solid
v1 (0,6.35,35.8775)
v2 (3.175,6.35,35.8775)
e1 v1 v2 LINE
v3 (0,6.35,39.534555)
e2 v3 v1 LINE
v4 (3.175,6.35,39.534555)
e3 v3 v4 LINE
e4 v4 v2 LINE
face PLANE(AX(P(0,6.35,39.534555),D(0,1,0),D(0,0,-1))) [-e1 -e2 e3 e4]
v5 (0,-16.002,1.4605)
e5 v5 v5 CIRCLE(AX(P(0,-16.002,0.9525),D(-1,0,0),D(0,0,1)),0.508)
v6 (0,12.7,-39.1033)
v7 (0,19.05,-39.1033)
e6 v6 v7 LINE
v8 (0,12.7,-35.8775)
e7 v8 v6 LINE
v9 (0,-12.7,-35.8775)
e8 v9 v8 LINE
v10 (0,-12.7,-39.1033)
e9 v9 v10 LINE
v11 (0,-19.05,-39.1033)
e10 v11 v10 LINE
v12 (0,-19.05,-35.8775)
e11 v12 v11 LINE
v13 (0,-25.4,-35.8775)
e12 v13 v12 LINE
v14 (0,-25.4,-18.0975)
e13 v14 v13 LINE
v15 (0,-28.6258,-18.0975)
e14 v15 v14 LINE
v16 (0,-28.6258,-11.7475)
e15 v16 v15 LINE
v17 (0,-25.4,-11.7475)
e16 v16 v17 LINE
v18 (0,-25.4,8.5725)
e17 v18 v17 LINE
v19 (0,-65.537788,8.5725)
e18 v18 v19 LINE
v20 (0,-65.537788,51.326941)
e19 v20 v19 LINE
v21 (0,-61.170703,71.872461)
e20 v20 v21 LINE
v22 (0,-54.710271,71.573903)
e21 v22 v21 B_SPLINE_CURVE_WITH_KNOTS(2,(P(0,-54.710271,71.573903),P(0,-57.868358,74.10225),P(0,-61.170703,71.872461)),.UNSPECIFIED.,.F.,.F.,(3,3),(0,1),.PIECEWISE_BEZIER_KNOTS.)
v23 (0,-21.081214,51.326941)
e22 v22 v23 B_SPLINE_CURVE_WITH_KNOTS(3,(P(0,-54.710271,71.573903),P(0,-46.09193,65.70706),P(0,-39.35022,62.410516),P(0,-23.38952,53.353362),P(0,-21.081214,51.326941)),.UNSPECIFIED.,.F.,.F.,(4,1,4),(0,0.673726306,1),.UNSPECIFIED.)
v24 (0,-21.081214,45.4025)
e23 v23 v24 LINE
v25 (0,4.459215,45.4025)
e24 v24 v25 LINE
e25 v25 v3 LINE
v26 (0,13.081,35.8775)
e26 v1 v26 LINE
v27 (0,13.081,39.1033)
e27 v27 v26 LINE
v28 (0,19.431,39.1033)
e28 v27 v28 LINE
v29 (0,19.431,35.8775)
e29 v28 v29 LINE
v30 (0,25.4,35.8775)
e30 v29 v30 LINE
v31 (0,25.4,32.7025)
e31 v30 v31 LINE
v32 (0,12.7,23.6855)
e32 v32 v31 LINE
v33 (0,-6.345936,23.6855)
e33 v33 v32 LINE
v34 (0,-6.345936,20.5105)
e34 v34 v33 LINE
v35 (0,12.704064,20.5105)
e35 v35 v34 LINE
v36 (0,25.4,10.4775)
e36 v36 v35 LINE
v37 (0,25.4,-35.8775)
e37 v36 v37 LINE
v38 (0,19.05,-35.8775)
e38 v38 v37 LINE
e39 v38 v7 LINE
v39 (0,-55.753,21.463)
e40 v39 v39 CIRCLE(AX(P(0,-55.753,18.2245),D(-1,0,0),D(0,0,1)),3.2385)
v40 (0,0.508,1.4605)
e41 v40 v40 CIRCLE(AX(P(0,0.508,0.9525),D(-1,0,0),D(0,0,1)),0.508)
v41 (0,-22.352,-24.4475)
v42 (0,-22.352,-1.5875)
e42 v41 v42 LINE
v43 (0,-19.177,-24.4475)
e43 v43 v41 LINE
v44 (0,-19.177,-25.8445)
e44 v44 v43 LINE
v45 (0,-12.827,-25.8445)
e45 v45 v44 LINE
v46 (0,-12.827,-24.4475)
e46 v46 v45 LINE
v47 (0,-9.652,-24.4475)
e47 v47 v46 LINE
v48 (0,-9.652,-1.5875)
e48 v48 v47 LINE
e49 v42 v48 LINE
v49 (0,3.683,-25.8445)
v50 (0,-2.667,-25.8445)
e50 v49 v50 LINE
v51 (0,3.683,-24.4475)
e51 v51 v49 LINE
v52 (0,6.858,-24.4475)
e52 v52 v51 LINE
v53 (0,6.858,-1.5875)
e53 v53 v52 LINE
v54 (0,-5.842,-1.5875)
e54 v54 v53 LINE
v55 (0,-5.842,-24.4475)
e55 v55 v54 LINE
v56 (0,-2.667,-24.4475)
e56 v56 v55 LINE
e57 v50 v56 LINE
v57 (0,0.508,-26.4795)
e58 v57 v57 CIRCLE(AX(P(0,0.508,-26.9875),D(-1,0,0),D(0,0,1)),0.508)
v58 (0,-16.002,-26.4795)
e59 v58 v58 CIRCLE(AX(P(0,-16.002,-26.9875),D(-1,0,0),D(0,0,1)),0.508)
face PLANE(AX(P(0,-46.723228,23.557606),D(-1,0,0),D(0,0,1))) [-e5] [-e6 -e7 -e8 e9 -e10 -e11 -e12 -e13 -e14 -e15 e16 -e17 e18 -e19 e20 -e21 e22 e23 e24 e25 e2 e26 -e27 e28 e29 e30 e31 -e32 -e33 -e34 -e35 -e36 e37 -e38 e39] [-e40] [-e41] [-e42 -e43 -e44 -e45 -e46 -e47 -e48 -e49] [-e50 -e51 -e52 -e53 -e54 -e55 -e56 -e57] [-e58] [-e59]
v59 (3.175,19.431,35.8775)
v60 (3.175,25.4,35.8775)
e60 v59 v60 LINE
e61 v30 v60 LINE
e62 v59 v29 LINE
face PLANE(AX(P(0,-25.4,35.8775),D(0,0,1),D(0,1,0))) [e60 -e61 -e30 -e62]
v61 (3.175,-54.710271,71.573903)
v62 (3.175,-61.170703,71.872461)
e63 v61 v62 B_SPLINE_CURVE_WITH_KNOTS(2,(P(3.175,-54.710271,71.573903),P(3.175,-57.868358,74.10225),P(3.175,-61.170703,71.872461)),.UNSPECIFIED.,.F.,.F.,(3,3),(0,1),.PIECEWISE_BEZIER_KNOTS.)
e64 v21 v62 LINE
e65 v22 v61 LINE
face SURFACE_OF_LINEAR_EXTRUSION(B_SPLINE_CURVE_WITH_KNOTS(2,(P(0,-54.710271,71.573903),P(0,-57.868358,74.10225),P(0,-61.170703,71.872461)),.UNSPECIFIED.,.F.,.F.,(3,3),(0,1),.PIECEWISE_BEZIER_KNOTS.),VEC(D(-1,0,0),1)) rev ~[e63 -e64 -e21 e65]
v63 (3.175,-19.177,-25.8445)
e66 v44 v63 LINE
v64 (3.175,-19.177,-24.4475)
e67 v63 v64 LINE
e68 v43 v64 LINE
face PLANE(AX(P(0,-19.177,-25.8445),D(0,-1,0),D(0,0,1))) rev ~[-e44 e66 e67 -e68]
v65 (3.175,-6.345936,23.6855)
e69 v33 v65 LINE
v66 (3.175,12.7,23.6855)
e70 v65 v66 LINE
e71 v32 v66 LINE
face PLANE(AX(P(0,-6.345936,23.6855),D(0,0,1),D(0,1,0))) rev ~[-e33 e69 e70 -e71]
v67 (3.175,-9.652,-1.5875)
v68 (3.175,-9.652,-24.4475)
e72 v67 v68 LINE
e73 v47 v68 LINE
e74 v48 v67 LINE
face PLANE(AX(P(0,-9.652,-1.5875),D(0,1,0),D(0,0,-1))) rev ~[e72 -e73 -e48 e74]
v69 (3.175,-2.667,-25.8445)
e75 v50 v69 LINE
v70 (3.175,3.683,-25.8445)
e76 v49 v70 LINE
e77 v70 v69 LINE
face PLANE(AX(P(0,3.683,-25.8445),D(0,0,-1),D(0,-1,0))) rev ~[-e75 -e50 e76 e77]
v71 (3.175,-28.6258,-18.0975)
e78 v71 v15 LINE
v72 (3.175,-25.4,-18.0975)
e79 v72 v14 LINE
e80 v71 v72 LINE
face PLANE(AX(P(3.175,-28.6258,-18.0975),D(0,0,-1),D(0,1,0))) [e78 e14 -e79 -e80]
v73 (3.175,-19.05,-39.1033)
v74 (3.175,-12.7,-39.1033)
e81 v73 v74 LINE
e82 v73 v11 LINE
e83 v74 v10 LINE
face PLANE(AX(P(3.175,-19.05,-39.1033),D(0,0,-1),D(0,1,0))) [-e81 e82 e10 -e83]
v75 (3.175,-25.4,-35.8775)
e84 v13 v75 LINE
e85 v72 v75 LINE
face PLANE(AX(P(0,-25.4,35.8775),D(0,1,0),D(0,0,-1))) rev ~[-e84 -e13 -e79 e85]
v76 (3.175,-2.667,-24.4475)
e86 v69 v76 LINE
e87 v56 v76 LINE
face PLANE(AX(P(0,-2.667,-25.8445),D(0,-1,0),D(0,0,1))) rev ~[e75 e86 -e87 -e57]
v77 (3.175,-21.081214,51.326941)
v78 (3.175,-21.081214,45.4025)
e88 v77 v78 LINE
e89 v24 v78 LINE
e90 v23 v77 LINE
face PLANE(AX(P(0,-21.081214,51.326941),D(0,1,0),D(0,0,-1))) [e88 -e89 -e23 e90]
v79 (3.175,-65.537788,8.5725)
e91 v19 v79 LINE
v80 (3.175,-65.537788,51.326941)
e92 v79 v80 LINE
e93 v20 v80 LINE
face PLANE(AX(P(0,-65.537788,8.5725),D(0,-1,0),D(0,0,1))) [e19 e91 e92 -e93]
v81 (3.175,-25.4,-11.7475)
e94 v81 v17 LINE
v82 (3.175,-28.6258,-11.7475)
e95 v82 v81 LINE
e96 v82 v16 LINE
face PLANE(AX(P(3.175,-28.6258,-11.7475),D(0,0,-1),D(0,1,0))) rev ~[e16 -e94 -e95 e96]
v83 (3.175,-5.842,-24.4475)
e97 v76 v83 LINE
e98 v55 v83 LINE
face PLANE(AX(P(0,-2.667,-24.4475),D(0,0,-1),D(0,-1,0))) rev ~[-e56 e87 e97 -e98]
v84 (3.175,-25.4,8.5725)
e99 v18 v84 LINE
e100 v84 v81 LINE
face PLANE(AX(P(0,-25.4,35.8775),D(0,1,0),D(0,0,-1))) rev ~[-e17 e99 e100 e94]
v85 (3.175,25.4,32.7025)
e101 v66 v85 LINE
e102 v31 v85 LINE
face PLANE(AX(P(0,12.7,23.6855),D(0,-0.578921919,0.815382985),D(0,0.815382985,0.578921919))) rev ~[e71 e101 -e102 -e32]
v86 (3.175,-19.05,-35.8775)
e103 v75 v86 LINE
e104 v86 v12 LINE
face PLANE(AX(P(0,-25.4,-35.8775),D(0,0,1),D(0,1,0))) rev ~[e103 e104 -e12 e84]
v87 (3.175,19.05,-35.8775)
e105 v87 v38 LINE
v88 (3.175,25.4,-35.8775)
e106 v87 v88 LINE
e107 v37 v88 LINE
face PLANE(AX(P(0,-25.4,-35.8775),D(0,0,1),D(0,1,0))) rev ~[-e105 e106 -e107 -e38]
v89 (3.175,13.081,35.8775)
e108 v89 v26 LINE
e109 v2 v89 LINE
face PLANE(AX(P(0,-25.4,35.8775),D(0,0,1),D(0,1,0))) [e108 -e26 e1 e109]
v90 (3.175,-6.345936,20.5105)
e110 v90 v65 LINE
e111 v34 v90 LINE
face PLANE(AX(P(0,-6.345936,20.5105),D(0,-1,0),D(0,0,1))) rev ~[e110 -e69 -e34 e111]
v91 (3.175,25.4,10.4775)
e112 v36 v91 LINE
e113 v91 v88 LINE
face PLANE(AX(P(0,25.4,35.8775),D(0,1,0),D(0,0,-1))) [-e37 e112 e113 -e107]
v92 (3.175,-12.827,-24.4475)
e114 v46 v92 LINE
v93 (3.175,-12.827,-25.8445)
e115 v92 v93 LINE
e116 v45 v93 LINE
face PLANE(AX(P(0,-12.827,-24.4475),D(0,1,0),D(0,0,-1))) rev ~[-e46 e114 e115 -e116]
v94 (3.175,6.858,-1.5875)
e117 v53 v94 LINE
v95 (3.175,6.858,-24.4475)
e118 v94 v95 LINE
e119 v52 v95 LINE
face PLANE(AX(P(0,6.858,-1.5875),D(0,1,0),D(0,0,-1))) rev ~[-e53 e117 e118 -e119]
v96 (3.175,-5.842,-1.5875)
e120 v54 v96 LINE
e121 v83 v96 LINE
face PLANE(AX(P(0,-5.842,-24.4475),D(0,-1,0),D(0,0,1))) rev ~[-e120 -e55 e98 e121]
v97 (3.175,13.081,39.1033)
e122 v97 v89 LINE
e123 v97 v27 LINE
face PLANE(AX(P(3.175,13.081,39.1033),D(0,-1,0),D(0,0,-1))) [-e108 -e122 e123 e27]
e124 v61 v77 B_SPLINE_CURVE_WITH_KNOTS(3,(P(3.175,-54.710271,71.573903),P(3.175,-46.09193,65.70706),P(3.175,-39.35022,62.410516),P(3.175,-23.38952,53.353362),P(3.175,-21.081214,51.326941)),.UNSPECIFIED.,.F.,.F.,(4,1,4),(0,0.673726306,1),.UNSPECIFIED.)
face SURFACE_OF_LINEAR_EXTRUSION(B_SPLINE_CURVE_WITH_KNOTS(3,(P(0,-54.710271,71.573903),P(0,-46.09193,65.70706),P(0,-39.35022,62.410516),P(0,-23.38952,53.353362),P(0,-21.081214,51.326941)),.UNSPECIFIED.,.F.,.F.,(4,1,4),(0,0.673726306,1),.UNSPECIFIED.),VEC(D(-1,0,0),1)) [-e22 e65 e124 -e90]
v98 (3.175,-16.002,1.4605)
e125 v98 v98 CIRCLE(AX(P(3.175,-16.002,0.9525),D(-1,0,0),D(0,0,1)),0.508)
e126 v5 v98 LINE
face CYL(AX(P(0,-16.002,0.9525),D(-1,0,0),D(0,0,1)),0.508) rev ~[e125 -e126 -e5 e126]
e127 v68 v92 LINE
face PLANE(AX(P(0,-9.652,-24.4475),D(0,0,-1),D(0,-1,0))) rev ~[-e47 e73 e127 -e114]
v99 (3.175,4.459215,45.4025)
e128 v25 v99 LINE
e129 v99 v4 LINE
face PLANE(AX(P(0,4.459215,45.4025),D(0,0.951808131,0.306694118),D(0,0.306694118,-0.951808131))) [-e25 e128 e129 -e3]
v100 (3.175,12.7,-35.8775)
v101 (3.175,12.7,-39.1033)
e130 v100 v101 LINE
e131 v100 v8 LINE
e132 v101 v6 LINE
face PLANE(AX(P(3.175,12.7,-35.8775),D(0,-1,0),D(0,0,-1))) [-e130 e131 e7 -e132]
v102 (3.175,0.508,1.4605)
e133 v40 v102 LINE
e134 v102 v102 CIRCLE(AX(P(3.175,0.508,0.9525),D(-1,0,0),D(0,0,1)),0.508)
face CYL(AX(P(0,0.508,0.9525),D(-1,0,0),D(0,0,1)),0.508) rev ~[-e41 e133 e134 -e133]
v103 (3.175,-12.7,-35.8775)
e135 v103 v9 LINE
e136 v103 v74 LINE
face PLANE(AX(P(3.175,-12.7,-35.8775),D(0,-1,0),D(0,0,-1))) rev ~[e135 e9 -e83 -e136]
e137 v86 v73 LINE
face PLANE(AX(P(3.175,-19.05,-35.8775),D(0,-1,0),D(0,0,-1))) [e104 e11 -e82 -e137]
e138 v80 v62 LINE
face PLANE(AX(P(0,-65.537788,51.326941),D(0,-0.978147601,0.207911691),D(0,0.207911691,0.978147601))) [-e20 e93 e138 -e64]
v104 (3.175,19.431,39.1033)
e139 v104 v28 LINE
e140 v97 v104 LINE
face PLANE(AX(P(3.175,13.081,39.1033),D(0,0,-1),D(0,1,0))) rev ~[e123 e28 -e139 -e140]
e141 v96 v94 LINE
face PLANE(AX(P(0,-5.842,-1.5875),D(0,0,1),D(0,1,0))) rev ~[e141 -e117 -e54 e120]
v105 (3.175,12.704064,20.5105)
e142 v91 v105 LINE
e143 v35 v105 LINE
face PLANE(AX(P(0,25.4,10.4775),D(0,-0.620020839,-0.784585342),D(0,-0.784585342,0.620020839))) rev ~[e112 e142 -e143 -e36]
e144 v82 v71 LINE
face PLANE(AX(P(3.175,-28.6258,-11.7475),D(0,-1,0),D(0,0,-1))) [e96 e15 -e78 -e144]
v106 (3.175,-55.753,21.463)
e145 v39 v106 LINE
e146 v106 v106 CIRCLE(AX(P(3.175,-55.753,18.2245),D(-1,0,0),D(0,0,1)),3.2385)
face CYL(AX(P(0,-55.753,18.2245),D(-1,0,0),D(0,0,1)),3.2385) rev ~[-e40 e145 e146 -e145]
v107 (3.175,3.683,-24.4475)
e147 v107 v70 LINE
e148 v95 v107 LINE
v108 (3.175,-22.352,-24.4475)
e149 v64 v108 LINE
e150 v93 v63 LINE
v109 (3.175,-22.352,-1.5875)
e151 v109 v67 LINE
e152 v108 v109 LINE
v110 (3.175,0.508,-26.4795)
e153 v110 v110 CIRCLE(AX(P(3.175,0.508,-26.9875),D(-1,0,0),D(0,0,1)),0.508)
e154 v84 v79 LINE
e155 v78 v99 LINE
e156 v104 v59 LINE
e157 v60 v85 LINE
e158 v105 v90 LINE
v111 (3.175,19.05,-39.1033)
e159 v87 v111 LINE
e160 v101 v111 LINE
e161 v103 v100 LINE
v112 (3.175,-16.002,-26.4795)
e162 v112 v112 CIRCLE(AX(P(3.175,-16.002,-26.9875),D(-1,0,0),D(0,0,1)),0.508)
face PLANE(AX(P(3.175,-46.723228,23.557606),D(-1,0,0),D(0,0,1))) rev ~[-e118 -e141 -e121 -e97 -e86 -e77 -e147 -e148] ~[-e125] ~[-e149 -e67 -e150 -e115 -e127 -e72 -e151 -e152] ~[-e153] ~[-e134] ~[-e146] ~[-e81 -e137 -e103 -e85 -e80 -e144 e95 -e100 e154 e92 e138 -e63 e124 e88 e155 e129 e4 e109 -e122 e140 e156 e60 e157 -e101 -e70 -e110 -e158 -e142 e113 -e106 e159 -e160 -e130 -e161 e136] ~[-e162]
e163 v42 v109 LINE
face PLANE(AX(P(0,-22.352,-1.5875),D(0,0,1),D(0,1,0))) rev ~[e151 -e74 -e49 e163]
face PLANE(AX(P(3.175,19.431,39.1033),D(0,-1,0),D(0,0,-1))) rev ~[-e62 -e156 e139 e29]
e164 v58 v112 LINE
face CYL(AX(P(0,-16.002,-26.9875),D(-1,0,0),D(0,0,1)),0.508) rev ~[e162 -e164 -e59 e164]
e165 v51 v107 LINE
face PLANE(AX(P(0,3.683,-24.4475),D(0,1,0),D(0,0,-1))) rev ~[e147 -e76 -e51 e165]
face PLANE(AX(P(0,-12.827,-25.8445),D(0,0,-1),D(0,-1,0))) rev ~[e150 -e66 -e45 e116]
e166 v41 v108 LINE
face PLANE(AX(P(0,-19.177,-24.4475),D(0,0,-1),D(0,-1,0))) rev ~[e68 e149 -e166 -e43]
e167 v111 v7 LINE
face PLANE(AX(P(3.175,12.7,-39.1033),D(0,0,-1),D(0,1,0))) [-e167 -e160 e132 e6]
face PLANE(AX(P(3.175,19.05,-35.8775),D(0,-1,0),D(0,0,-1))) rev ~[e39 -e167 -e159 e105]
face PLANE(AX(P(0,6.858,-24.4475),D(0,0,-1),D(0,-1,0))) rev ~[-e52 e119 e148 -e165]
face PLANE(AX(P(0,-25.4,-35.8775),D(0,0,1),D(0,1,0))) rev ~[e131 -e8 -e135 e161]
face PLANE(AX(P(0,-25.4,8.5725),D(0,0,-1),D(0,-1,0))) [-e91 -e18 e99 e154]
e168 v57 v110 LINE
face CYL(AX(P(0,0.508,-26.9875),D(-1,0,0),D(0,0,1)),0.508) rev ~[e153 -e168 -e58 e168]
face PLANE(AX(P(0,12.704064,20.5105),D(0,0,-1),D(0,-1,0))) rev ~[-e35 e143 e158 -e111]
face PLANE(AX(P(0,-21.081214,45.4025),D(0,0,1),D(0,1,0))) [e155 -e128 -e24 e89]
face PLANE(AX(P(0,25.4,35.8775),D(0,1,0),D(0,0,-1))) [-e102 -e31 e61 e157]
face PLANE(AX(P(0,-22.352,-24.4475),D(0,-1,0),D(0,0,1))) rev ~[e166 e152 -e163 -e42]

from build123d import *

# Parameters (mm, degrees)
SKETCH1_W                = 71.755
SKETCH1_H                = 50.8
MAIN_BODY_DEPTH          = 3.175
SKETCH2_W                = 3.2258
SKETCH2_H                = 6.35
SKETCH2_W_2              = 6.35
SKETCH2_H_2              = 3.2258
TABS_DEPTH               = 3.175
NOSE_SECTION_DEPTH       = 3.175
SKETCH8_R                = 0.508
CUT_FOR_MOTORS_DEPTH     = 4.1750001
SLOT_FOR_FIREWALL_DEPTH  = 4.1750001
EXTENSION_FOR_AXLE_DEPTH = 3.175
SKETCH11_R               = 3.2385
CUT_FOR_AXLE_DEPTH       = 4.1750001


with BuildPart() as part:
    # Sketch1 → main body (new body)
    with BuildSketch(Plane(origin=(0, 0, 0), x_dir=(0, 0, -1), z_dir=(1, 0, 0))):
        Rectangle(SKETCH1_W, SKETCH1_H)
    extrude(amount=MAIN_BODY_DEPTH)

    # Sketch2 → tabs (add)
    with BuildSketch(Plane(origin=(3.175, 0, 0), x_dir=(0, 0, -1), z_dir=(1, 0, 0))):
        with Locations((-37.4904, 16.256)):
            Rectangle(SKETCH2_W, SKETCH2_H)
        with Locations((37.4904, 15.875)):
            Rectangle(SKETCH2_W, SKETCH2_H)
        with Locations((37.4904, -15.875)):
            Rectangle(SKETCH2_W, SKETCH2_H)
        with Locations((14.9225, -27.0129)):
            Rectangle(SKETCH2_W_2, SKETCH2_H_2)
    extrude(amount=-TABS_DEPTH)

    # Sketch3 → nose section (add)
    with BuildSketch(Plane.ZY):
        with BuildLine():
            Line((51.326941337, -21.081213956), (45.4025, -21.081213956))
            Line((45.4025, -21.081213956), (45.4025, 4.459215194))
            Line((45.4025, 4.459215194), (39.534554548, 6.35))
            Line((39.534554548, 6.35), (35.8775, 6.35))
            Line((35.8775, 6.35), (35.8775, -25.4))
            Line((35.8775, -25.4), (35.8775, -57.323174337))
            Line((35.8775, -57.323174337), (42.8625, -65.53778801))
            Line((42.8625, -65.53778801), (51.326941337, -65.53778801))
            Line((51.326941337, -65.53778801), (71.872461292, -61.17070293))
            add(Edge.make_bspline(
                [(71.573902629, -54.710271069), (74.102249919, -57.868358167), (71.872461292, -61.17070293)],
                knots=[0, 0, 0, 1, 1, 1], degree=2))
            add(Edge.make_bspline(
                [(71.573902629, -54.710271069), (65.707060229, -46.091929926), (62.410515677, -39.350220463), (53.353361757, -23.389519751), (51.326941337, -21.081213956)],
                knots=[0, 0, 0, 0, 0.673726306, 1, 1, 1, 1], degree=3))
        make_face()
    extrude(amount=-NOSE_SECTION_DEPTH)

    # Sketch8 → cut for motors (cut, through all)
    with BuildSketch(Plane.ZY):
        with Locations((-26.9875, 0.508)):
            Circle(SKETCH8_R)
        with Locations((0.9525, 0.508)):
            Circle(SKETCH8_R)
        with Locations((-26.9875, -16.002)):
            Circle(SKETCH8_R)
        with Locations((0.9525, -16.002)):
            Circle(SKETCH8_R)
        Polygon((-1.5875, -5.842), (-1.5875, 6.858), (-24.4475, 6.858), (-24.4475, 3.683), (-25.8445, 3.683), (-25.8445, -2.667), (-24.4475, -2.667), (-24.4475, -5.842), align=None)
        Polygon((-1.5875, -22.352), (-1.5875, -9.652), (-24.4475, -9.652), (-24.4475, -12.827), (-25.8445, -12.827), (-25.8445, -19.177), (-24.4475, -19.177), (-24.4475, -22.352), align=None)
    extrude(amount=-CUT_FOR_MOTORS_DEPTH, mode=Mode.SUBTRACT)

    # Sketch9 → slot for firewall (cut, through all)
    with BuildSketch(Plane.ZY):
        Polygon((20.5105, -6.34593574), (23.6855, -6.34593574), (23.6855, 12.7), (32.7025, 25.4), (23.1775, 25.4), (20.0025, 25.4), (10.4775, 25.4), (20.5105, 12.70406426), align=None)
    extrude(amount=-SLOT_FOR_FIREWALL_DEPTH, mode=Mode.SUBTRACT)

    # Sketch10 → extension for axle (add)
    with BuildSketch(Plane.ZY):
        Polygon((35.8775, -57.323174337), (35.8775, -25.4), (8.5725, -25.4), (8.5725, -65.53778801), (42.8625, -65.53778801), align=None)
    extrude(amount=-EXTENSION_FOR_AXLE_DEPTH)

    # Sketch11 → cut for axle (cut, through all)
    with BuildSketch(Plane.ZY):
        with Locations((18.2245, -55.753)):
            Circle(SKETCH11_R)
    extrude(amount=-CUT_FOR_AXLE_DEPTH, mode=Mode.SUBTRACT)


solid = part.part
